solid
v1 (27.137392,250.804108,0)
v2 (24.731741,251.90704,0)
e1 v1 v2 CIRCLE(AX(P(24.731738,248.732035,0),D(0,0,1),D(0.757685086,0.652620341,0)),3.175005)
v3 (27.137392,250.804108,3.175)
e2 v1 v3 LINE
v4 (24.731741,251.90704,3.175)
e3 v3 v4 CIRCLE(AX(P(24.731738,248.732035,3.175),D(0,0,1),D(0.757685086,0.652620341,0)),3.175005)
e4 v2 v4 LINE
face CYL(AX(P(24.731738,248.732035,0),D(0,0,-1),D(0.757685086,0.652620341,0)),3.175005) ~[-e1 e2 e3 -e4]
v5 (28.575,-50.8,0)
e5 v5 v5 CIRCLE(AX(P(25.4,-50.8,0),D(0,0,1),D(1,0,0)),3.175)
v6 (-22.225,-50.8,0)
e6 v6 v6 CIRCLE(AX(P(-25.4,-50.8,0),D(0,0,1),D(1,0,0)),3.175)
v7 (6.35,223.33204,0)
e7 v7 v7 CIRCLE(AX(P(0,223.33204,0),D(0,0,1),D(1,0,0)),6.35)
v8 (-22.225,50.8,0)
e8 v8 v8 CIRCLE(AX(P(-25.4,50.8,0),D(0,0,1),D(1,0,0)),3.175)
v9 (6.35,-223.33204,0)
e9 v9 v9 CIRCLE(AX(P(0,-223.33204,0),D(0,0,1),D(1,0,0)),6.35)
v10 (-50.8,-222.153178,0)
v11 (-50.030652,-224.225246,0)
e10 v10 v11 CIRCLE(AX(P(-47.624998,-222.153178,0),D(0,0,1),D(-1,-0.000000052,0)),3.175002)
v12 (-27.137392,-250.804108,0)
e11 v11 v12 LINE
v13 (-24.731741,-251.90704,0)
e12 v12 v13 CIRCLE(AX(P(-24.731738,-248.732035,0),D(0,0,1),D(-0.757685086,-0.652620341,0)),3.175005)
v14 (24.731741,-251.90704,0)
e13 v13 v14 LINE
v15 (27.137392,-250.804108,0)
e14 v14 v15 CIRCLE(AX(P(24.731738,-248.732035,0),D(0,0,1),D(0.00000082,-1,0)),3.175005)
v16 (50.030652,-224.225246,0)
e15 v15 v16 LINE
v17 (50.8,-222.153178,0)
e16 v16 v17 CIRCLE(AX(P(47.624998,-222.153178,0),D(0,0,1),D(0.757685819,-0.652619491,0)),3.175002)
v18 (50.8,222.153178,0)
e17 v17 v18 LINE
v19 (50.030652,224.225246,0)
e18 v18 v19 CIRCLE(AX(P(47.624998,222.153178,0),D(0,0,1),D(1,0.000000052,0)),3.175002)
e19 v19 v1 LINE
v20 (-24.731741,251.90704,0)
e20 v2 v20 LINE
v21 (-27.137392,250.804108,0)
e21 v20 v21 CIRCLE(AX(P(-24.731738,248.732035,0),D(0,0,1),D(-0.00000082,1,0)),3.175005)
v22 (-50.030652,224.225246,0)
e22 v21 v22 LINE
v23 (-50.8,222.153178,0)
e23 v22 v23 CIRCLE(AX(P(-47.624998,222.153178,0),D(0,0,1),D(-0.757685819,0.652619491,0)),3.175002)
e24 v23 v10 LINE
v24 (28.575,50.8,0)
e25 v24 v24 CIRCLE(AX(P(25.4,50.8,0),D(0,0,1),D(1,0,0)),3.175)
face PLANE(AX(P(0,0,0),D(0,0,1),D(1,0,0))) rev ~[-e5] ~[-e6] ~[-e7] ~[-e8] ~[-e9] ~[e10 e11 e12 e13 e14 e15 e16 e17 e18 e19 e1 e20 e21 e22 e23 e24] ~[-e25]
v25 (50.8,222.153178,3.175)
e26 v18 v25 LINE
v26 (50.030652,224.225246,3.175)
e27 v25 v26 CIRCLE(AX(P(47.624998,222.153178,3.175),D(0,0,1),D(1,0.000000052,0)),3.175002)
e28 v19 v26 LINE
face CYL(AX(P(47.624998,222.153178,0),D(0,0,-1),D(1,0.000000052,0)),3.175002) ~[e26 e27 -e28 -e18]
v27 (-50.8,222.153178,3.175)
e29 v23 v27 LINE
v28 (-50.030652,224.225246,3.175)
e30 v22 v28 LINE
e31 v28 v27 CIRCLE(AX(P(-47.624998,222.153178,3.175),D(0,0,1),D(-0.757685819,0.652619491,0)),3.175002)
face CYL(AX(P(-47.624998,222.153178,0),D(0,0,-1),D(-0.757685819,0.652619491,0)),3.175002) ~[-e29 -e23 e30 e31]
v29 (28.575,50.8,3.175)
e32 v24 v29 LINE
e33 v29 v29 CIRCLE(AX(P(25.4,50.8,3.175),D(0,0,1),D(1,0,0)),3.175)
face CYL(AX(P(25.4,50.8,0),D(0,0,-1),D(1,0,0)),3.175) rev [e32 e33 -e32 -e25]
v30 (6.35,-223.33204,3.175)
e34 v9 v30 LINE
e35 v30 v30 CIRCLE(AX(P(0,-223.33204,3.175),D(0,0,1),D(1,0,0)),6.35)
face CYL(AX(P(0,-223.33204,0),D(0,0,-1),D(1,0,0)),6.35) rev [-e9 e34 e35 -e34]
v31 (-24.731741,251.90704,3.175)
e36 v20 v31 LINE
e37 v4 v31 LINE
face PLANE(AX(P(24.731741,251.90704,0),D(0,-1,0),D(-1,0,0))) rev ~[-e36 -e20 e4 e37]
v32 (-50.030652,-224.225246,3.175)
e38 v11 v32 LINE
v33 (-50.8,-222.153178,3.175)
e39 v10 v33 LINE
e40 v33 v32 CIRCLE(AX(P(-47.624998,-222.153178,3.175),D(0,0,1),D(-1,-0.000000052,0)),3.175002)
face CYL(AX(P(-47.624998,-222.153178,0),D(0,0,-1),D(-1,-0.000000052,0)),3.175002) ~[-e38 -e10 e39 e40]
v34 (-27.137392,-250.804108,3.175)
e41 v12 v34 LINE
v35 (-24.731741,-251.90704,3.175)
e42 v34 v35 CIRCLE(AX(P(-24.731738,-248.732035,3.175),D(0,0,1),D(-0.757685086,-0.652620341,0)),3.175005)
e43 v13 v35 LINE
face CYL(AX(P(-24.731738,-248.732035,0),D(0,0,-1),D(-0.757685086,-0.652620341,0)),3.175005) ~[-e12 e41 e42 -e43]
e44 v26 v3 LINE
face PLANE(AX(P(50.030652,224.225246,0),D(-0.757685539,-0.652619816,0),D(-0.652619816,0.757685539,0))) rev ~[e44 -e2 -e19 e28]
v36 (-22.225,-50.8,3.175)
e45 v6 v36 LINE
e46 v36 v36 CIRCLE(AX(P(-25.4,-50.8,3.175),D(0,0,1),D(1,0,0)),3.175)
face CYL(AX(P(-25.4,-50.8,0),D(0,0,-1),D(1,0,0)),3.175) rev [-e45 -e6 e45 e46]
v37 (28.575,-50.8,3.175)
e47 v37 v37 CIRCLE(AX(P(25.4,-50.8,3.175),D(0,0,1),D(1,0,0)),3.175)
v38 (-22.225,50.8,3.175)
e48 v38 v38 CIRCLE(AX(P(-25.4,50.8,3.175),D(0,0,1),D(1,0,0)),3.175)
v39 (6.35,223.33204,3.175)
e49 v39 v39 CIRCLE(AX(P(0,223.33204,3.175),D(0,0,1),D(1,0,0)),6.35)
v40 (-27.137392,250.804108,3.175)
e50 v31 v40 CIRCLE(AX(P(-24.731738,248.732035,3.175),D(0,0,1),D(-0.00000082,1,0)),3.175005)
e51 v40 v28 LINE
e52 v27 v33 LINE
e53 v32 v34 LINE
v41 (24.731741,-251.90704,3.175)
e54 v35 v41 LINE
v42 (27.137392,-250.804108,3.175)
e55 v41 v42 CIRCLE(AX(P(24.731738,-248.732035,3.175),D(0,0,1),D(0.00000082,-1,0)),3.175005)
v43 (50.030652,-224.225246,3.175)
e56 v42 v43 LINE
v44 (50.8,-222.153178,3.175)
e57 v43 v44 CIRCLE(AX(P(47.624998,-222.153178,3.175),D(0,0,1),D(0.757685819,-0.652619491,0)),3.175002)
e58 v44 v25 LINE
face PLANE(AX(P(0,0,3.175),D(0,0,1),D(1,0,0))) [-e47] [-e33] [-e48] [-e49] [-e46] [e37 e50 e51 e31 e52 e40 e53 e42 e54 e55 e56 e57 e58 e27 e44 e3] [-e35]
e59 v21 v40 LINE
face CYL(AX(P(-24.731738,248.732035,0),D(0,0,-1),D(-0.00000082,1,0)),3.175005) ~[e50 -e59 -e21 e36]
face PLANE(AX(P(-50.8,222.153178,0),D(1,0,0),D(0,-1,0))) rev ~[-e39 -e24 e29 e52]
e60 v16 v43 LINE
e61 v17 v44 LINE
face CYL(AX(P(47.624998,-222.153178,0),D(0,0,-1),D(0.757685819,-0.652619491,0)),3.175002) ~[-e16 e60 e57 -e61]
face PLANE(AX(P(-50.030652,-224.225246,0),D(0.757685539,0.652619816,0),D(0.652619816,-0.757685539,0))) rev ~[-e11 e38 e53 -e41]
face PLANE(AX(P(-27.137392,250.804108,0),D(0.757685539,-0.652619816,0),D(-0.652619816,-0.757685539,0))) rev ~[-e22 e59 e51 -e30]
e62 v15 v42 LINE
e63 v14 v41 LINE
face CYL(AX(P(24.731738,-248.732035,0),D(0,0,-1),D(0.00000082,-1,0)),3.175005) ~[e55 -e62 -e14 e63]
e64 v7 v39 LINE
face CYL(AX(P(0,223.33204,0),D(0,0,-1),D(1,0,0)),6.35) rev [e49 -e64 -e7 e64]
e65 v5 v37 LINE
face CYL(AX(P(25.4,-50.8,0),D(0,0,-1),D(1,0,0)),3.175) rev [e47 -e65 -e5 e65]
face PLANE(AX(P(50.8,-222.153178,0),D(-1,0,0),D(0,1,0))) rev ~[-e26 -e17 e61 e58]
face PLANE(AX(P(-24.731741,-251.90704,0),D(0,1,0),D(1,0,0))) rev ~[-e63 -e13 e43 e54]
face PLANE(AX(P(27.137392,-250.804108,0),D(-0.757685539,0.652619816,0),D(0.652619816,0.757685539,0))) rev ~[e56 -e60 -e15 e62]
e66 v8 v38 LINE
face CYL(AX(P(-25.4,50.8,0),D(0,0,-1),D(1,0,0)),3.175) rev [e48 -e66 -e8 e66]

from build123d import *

# Parameters (mm, degrees)
F0_R     = 6.35
F0_R_2   = 3.175
F1_DEPTH = 3.175


with BuildPart() as f1:
    # F0 (on Top) → F1 (new body)
    with BuildSketch(Plane.XY):
        with BuildLine():
            Line((-50.8, 222.153178), (-50.8, 0))
            Line((-50.8, 0), (-50.8, -222.153178))
            ThreePointArc((-50.8, -222.153178), (-50.601455, -223.258321), (-50.030652, -224.225246))
            Line((-50.030652, -224.225246), (-27.137392, -250.804108))
            ThreePointArc((-27.137392, -250.804108), (-26.054958, -251.618165), (-24.731741, -251.90704))
            Line((-24.731741, -251.90704), (24.731741, -251.90704))
            ThreePointArc((24.731741, -251.90704), (26.054958, -251.618165), (27.137392, -250.804108))
            Line((27.137392, -250.804108), (50.030652, -224.225246))
            ThreePointArc((50.030652, -224.225246), (50.601455, -223.258321), (50.8, -222.153178))
            Line((50.8, -222.153178), (50.8, 0))
            Line((50.8, 0), (50.8, 222.153178))
            ThreePointArc((50.8, 222.153178), (50.601455, 223.258321), (50.030652, 224.225246))
            Line((50.030652, 224.225246), (27.137392, 250.804108))
            ThreePointArc((27.137392, 250.804108), (26.054958, 251.618165), (24.731741, 251.90704))
            Line((24.731741, 251.90704), (-24.731741, 251.90704))
            ThreePointArc((-24.731741, 251.90704), (-26.054958, 251.618165), (-27.137392, 250.804108))
            Line((-27.137392, 250.804108), (-50.030652, 224.225246))
            ThreePointArc((-50.030652, 224.225246), (-50.601455, 223.258321), (-50.8, 222.153178))
        make_face()
        with Locations((0, -223.33204)):
            Circle(F0_R, mode=Mode.SUBTRACT)
        with Locations((-25.4, -50.8)):
            Circle(F0_R_2, mode=Mode.SUBTRACT)
        with Locations((25.4, -50.8)):
            Circle(F0_R_2, mode=Mode.SUBTRACT)
        with Locations((-25.4, 50.8)):
            Circle(F0_R_2, mode=Mode.SUBTRACT)
        with Locations((0, 223.33204)):
            Circle(F0_R, mode=Mode.SUBTRACT)
        with Locations((25.4, 50.8)):
            Circle(F0_R_2, mode=Mode.SUBTRACT)
    extrude(amount=F1_DEPTH)


solid = f1.part
